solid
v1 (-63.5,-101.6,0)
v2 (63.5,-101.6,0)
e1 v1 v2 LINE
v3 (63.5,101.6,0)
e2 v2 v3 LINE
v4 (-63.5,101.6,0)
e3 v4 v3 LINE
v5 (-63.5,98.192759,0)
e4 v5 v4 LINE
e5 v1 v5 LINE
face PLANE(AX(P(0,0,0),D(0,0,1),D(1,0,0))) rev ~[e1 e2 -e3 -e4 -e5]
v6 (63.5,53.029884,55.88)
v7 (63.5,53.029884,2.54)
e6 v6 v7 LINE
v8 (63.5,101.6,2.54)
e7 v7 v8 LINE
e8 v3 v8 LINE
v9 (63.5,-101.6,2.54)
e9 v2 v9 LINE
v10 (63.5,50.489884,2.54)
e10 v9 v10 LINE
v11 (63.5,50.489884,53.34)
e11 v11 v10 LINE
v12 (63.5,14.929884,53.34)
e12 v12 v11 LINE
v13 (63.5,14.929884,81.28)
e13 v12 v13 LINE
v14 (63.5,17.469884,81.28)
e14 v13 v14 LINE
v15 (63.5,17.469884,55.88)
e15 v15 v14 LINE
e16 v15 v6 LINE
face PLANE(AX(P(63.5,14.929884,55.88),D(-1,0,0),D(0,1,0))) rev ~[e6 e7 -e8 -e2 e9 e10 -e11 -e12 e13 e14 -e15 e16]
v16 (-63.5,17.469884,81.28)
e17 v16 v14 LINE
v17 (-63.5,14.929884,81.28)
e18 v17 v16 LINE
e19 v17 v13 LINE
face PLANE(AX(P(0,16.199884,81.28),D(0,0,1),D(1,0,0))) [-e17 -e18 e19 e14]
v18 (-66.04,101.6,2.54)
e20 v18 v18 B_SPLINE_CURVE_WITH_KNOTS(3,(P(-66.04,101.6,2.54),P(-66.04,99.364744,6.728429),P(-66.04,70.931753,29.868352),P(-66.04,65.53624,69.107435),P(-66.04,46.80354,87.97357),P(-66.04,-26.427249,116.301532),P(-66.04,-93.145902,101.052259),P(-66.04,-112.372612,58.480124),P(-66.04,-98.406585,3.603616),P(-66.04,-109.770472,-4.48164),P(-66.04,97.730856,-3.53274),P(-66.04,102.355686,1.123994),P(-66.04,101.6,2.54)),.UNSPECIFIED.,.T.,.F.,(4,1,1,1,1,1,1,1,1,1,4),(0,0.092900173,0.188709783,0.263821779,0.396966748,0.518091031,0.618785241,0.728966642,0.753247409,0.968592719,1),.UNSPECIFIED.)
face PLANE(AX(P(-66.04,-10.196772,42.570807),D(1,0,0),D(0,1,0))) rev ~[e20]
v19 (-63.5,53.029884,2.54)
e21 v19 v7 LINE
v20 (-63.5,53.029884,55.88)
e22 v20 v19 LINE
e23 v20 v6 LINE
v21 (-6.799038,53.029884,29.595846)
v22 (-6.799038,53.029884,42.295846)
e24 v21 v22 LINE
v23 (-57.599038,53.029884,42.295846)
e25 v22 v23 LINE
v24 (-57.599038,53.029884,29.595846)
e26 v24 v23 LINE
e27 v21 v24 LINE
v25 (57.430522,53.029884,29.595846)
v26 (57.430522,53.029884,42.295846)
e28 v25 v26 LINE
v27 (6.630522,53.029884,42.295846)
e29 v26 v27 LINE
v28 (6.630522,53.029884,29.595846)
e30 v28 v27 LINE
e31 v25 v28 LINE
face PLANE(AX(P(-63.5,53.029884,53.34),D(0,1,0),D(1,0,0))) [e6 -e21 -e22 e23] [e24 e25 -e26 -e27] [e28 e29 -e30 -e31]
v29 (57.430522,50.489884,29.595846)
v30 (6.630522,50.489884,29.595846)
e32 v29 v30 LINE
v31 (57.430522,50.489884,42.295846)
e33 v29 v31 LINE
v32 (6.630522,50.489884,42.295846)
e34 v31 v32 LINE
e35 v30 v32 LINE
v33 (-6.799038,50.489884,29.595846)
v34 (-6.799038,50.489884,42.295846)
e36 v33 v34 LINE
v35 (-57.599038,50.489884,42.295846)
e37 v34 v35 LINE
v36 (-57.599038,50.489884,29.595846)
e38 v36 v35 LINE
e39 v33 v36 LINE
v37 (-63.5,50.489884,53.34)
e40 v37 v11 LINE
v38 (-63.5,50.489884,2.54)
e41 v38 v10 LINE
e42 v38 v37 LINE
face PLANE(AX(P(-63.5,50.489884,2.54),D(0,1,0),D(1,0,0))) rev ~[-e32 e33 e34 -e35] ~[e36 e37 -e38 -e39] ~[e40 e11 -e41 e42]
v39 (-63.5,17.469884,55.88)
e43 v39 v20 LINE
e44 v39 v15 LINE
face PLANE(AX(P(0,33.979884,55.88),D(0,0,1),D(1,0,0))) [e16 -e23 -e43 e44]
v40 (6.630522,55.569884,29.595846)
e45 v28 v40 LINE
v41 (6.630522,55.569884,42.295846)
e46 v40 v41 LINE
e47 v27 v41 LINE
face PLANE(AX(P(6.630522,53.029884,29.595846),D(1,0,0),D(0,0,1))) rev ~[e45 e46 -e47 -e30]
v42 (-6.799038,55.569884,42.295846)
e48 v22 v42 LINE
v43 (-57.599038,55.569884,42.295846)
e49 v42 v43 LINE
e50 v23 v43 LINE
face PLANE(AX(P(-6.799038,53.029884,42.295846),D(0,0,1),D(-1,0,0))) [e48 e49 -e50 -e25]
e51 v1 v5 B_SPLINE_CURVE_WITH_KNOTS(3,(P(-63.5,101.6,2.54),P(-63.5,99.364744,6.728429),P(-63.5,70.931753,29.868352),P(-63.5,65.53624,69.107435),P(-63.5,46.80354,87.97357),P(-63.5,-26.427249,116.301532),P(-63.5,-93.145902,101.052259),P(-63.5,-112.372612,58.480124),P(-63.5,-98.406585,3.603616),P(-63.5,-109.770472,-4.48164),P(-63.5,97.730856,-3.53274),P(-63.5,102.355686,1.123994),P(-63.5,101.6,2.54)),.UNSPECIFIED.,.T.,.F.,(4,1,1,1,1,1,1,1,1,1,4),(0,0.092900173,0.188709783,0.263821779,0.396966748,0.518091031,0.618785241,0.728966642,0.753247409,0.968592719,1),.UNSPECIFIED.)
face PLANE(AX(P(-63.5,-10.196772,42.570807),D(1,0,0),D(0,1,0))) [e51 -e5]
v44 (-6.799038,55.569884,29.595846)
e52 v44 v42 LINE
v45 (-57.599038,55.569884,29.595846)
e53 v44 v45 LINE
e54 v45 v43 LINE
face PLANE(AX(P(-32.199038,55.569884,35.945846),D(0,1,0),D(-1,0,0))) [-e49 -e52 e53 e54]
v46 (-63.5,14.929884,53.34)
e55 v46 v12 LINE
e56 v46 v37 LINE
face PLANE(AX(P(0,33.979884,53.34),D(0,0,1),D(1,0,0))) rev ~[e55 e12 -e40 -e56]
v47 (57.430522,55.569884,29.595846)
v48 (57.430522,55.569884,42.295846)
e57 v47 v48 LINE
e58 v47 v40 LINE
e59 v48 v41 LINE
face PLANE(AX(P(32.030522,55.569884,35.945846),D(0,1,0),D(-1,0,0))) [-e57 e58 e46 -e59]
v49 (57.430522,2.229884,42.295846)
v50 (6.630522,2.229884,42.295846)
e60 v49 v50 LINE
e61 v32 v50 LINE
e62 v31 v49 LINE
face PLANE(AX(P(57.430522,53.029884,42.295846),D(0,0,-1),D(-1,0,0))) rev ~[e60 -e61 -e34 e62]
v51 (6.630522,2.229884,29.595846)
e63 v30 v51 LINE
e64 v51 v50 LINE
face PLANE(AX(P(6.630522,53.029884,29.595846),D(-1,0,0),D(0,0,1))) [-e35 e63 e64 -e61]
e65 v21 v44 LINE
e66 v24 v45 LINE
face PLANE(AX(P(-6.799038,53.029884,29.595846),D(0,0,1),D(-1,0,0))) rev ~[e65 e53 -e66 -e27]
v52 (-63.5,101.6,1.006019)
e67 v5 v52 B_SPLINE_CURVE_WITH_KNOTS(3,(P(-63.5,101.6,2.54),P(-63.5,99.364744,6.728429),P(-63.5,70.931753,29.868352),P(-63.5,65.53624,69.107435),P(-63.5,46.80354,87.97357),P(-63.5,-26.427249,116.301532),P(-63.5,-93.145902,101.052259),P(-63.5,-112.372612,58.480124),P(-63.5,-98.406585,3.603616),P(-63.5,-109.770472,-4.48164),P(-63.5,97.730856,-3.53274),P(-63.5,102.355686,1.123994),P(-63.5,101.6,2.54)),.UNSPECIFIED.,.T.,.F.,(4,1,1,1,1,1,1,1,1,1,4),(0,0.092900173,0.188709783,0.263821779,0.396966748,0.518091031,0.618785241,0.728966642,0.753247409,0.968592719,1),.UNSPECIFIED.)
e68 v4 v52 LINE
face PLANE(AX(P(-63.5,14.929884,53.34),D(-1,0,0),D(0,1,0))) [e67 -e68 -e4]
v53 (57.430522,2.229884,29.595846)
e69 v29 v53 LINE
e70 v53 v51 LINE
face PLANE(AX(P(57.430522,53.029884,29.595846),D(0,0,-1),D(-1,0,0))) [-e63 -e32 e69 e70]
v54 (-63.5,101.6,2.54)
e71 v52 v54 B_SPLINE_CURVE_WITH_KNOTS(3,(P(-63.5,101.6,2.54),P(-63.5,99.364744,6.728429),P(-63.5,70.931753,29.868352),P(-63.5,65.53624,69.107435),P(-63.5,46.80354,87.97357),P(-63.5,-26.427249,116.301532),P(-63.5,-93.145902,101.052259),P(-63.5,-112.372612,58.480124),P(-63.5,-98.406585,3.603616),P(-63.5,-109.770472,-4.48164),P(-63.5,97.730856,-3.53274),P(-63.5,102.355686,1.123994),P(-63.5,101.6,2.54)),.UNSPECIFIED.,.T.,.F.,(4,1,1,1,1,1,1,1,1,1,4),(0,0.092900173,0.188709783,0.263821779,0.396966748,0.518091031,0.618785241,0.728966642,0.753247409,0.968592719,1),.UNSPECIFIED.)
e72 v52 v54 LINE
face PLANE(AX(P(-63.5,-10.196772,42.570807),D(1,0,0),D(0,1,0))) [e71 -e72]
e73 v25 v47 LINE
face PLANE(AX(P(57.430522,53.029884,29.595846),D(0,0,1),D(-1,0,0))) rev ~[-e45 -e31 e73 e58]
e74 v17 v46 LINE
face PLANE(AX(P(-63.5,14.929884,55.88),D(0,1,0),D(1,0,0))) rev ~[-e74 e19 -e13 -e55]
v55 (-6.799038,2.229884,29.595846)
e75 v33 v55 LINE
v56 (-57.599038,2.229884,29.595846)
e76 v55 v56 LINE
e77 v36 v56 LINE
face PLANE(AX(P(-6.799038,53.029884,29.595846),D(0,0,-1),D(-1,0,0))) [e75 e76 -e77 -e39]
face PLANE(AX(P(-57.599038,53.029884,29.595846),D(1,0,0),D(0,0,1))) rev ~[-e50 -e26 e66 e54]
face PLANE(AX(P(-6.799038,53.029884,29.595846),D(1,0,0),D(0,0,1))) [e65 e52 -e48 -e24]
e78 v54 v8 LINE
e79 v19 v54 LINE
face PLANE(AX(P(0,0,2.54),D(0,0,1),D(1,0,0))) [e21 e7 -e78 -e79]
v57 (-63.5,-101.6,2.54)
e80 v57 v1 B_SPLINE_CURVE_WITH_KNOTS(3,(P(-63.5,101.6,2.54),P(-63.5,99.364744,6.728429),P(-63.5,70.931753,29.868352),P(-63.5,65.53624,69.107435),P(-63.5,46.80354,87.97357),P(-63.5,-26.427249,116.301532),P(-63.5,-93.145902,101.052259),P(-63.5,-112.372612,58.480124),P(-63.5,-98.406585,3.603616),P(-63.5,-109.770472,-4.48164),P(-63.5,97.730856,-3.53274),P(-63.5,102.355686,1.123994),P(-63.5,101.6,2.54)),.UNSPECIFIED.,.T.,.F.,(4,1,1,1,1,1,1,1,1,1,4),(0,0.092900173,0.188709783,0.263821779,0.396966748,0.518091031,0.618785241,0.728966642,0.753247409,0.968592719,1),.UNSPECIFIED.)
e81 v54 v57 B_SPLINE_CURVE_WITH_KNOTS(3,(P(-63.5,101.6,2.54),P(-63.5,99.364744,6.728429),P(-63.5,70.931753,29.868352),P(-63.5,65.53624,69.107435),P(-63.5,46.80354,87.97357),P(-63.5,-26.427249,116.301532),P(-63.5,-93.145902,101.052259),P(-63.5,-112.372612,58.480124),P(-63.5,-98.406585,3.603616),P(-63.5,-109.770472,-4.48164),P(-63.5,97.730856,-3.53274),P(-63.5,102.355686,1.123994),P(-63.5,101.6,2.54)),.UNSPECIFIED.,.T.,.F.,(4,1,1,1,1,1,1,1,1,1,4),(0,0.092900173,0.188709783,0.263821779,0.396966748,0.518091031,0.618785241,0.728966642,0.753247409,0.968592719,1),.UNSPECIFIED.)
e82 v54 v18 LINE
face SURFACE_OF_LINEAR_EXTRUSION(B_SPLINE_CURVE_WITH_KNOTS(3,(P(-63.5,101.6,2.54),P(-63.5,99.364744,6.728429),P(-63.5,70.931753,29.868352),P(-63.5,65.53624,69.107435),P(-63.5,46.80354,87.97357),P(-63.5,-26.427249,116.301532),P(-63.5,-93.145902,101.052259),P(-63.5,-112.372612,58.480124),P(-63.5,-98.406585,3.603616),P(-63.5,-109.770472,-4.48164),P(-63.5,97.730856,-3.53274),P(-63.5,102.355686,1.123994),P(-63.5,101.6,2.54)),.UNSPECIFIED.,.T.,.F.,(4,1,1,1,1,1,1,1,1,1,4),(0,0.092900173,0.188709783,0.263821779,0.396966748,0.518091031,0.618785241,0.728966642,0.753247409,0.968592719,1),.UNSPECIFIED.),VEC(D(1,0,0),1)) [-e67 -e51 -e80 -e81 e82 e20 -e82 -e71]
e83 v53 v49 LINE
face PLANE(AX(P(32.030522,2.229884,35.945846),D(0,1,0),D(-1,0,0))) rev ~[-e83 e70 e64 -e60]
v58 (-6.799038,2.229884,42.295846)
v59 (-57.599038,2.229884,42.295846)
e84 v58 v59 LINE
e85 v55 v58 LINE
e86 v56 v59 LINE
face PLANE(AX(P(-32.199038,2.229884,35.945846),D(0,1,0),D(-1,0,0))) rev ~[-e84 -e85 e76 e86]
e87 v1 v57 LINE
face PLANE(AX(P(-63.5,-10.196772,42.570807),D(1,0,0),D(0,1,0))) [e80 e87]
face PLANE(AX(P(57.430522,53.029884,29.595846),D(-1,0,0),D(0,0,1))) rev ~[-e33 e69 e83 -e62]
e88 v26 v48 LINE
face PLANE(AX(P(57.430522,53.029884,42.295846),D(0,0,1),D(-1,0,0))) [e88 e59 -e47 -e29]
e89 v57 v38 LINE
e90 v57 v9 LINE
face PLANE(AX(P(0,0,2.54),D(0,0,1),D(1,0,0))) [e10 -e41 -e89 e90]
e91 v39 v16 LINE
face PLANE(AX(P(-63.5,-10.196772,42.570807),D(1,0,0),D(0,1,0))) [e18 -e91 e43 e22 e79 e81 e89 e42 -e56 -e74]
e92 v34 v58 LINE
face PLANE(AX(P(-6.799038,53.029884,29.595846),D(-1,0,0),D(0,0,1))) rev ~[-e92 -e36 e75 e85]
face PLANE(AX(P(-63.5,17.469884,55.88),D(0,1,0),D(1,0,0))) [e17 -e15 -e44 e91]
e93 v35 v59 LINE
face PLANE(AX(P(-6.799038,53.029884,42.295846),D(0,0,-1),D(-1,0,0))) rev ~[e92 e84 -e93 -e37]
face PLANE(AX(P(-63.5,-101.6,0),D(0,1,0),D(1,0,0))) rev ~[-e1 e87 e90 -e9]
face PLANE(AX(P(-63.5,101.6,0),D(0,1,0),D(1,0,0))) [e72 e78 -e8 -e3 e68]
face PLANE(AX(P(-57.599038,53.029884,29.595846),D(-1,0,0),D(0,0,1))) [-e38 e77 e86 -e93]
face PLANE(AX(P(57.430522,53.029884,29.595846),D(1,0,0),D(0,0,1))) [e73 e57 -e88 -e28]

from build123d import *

# Parameters (mm, degrees)
F0_W           = 127
F0_H           = 203.2
F1_DEPTH       = 2.54
F2_W           = 127
F2_H           = 2.54
F3_DEPTH       = 50.8
F4_W           = 127
F4_H           = 38.1
F5_DEPTH       = 2.54
F7_DEPTH       = 2.54
F8_W           = 127
F8_H           = 2.54
F9_DEPTH       = 25.4
F10_W          = 50.8
F10_H          = 12.7
F11_DEPTH      = 2.54
F11_DEPTH_BACK = 50.8


with BuildPart() as f1:
    # F0 (on Top) → F1 (new body)
    with BuildSketch(Plane.XY):
        Rectangle(F0_W, F0_H)
    extrude(amount=F1_DEPTH)

    # F2 (on face) → F3 (join)
    with BuildSketch(Plane.XY.offset(2.54)):
        with Locations((0, 51.7598838699)):
            Rectangle(F2_W, F2_H)
    extrude(amount=F3_DEPTH)

    # F4 (on face) + F0 (on Top) + F2 (on face) → F5 (join)
    with BuildSketch(Plane.XY.offset(53.34)):
        with Locations((0, 33.9798838699)):
            Rectangle(F4_W, F4_H)
    with BuildSketch(Plane.XY):
        Rectangle(F0_W, F0_H)
    with BuildSketch(Plane.XY.offset(2.54)):
        with Locations((0, 51.7598838699)):
            Rectangle(F2_W, F2_H)
    extrude(amount=F5_DEPTH)

    # F6 (on face) → F7 (join)
    with BuildSketch(Plane(origin=(-63.5, 0, 0), x_dir=(0, -1, 0), z_dir=(-1, 0, 0))):
        with BuildLine():
            add(Edge.make_bspline(
                [(-101.6, 2.54), (-99.3647436301, 6.728429382), (-70.9317534832, 29.8683524105), (-65.5362404046, 69.1074345085), (-46.8035396581, 87.973569814), (26.4272487348, 116.301531848), (93.1459015522, 101.0522593109), (112.3726122416, 58.4801237002), (98.4065849453, 3.6036158941), (109.770472408, -4.481639591), (-97.7308558654, -3.5327403626), (-102.3556856326, 1.1239942345), (-101.6, 2.54)],
                knots=[0, 0, 0, 0, 0.0929001726, 0.1887097827, 0.2638217793, 0.3969667479, 0.5180910312, 0.6187852411, 0.7289666421, 0.7532474092, 0.9685927187, 1, 1, 1, 1], degree=3))
        make_face()
    extrude(amount=F7_DEPTH)

    # F8 (on face) → F9 (join)
    with BuildSketch(Plane.XY.offset(55.88)):
        with Locations((0, 16.1998838699)):
            Rectangle(F8_W, F8_H)
    extrude(amount=F9_DEPTH)

    # F10 (on face) → F11 (join, two sides)
    with BuildSketch(Plane(origin=(0, 53.0298838699, 0), x_dir=(-1, 0, 0), z_dir=(0, 1, 0))) as f11_sk:
        with Locations((-32.030521892, 35.9458463256)):
            Rectangle(F10_W, F10_H)
        with Locations((32.1990380339, 35.9458463256)):
            Rectangle(F10_W, F10_H)
    extrude(amount=F11_DEPTH)
    extrude(f11_sk.sketch, amount=-F11_DEPTH_BACK)


solid = f1.part
